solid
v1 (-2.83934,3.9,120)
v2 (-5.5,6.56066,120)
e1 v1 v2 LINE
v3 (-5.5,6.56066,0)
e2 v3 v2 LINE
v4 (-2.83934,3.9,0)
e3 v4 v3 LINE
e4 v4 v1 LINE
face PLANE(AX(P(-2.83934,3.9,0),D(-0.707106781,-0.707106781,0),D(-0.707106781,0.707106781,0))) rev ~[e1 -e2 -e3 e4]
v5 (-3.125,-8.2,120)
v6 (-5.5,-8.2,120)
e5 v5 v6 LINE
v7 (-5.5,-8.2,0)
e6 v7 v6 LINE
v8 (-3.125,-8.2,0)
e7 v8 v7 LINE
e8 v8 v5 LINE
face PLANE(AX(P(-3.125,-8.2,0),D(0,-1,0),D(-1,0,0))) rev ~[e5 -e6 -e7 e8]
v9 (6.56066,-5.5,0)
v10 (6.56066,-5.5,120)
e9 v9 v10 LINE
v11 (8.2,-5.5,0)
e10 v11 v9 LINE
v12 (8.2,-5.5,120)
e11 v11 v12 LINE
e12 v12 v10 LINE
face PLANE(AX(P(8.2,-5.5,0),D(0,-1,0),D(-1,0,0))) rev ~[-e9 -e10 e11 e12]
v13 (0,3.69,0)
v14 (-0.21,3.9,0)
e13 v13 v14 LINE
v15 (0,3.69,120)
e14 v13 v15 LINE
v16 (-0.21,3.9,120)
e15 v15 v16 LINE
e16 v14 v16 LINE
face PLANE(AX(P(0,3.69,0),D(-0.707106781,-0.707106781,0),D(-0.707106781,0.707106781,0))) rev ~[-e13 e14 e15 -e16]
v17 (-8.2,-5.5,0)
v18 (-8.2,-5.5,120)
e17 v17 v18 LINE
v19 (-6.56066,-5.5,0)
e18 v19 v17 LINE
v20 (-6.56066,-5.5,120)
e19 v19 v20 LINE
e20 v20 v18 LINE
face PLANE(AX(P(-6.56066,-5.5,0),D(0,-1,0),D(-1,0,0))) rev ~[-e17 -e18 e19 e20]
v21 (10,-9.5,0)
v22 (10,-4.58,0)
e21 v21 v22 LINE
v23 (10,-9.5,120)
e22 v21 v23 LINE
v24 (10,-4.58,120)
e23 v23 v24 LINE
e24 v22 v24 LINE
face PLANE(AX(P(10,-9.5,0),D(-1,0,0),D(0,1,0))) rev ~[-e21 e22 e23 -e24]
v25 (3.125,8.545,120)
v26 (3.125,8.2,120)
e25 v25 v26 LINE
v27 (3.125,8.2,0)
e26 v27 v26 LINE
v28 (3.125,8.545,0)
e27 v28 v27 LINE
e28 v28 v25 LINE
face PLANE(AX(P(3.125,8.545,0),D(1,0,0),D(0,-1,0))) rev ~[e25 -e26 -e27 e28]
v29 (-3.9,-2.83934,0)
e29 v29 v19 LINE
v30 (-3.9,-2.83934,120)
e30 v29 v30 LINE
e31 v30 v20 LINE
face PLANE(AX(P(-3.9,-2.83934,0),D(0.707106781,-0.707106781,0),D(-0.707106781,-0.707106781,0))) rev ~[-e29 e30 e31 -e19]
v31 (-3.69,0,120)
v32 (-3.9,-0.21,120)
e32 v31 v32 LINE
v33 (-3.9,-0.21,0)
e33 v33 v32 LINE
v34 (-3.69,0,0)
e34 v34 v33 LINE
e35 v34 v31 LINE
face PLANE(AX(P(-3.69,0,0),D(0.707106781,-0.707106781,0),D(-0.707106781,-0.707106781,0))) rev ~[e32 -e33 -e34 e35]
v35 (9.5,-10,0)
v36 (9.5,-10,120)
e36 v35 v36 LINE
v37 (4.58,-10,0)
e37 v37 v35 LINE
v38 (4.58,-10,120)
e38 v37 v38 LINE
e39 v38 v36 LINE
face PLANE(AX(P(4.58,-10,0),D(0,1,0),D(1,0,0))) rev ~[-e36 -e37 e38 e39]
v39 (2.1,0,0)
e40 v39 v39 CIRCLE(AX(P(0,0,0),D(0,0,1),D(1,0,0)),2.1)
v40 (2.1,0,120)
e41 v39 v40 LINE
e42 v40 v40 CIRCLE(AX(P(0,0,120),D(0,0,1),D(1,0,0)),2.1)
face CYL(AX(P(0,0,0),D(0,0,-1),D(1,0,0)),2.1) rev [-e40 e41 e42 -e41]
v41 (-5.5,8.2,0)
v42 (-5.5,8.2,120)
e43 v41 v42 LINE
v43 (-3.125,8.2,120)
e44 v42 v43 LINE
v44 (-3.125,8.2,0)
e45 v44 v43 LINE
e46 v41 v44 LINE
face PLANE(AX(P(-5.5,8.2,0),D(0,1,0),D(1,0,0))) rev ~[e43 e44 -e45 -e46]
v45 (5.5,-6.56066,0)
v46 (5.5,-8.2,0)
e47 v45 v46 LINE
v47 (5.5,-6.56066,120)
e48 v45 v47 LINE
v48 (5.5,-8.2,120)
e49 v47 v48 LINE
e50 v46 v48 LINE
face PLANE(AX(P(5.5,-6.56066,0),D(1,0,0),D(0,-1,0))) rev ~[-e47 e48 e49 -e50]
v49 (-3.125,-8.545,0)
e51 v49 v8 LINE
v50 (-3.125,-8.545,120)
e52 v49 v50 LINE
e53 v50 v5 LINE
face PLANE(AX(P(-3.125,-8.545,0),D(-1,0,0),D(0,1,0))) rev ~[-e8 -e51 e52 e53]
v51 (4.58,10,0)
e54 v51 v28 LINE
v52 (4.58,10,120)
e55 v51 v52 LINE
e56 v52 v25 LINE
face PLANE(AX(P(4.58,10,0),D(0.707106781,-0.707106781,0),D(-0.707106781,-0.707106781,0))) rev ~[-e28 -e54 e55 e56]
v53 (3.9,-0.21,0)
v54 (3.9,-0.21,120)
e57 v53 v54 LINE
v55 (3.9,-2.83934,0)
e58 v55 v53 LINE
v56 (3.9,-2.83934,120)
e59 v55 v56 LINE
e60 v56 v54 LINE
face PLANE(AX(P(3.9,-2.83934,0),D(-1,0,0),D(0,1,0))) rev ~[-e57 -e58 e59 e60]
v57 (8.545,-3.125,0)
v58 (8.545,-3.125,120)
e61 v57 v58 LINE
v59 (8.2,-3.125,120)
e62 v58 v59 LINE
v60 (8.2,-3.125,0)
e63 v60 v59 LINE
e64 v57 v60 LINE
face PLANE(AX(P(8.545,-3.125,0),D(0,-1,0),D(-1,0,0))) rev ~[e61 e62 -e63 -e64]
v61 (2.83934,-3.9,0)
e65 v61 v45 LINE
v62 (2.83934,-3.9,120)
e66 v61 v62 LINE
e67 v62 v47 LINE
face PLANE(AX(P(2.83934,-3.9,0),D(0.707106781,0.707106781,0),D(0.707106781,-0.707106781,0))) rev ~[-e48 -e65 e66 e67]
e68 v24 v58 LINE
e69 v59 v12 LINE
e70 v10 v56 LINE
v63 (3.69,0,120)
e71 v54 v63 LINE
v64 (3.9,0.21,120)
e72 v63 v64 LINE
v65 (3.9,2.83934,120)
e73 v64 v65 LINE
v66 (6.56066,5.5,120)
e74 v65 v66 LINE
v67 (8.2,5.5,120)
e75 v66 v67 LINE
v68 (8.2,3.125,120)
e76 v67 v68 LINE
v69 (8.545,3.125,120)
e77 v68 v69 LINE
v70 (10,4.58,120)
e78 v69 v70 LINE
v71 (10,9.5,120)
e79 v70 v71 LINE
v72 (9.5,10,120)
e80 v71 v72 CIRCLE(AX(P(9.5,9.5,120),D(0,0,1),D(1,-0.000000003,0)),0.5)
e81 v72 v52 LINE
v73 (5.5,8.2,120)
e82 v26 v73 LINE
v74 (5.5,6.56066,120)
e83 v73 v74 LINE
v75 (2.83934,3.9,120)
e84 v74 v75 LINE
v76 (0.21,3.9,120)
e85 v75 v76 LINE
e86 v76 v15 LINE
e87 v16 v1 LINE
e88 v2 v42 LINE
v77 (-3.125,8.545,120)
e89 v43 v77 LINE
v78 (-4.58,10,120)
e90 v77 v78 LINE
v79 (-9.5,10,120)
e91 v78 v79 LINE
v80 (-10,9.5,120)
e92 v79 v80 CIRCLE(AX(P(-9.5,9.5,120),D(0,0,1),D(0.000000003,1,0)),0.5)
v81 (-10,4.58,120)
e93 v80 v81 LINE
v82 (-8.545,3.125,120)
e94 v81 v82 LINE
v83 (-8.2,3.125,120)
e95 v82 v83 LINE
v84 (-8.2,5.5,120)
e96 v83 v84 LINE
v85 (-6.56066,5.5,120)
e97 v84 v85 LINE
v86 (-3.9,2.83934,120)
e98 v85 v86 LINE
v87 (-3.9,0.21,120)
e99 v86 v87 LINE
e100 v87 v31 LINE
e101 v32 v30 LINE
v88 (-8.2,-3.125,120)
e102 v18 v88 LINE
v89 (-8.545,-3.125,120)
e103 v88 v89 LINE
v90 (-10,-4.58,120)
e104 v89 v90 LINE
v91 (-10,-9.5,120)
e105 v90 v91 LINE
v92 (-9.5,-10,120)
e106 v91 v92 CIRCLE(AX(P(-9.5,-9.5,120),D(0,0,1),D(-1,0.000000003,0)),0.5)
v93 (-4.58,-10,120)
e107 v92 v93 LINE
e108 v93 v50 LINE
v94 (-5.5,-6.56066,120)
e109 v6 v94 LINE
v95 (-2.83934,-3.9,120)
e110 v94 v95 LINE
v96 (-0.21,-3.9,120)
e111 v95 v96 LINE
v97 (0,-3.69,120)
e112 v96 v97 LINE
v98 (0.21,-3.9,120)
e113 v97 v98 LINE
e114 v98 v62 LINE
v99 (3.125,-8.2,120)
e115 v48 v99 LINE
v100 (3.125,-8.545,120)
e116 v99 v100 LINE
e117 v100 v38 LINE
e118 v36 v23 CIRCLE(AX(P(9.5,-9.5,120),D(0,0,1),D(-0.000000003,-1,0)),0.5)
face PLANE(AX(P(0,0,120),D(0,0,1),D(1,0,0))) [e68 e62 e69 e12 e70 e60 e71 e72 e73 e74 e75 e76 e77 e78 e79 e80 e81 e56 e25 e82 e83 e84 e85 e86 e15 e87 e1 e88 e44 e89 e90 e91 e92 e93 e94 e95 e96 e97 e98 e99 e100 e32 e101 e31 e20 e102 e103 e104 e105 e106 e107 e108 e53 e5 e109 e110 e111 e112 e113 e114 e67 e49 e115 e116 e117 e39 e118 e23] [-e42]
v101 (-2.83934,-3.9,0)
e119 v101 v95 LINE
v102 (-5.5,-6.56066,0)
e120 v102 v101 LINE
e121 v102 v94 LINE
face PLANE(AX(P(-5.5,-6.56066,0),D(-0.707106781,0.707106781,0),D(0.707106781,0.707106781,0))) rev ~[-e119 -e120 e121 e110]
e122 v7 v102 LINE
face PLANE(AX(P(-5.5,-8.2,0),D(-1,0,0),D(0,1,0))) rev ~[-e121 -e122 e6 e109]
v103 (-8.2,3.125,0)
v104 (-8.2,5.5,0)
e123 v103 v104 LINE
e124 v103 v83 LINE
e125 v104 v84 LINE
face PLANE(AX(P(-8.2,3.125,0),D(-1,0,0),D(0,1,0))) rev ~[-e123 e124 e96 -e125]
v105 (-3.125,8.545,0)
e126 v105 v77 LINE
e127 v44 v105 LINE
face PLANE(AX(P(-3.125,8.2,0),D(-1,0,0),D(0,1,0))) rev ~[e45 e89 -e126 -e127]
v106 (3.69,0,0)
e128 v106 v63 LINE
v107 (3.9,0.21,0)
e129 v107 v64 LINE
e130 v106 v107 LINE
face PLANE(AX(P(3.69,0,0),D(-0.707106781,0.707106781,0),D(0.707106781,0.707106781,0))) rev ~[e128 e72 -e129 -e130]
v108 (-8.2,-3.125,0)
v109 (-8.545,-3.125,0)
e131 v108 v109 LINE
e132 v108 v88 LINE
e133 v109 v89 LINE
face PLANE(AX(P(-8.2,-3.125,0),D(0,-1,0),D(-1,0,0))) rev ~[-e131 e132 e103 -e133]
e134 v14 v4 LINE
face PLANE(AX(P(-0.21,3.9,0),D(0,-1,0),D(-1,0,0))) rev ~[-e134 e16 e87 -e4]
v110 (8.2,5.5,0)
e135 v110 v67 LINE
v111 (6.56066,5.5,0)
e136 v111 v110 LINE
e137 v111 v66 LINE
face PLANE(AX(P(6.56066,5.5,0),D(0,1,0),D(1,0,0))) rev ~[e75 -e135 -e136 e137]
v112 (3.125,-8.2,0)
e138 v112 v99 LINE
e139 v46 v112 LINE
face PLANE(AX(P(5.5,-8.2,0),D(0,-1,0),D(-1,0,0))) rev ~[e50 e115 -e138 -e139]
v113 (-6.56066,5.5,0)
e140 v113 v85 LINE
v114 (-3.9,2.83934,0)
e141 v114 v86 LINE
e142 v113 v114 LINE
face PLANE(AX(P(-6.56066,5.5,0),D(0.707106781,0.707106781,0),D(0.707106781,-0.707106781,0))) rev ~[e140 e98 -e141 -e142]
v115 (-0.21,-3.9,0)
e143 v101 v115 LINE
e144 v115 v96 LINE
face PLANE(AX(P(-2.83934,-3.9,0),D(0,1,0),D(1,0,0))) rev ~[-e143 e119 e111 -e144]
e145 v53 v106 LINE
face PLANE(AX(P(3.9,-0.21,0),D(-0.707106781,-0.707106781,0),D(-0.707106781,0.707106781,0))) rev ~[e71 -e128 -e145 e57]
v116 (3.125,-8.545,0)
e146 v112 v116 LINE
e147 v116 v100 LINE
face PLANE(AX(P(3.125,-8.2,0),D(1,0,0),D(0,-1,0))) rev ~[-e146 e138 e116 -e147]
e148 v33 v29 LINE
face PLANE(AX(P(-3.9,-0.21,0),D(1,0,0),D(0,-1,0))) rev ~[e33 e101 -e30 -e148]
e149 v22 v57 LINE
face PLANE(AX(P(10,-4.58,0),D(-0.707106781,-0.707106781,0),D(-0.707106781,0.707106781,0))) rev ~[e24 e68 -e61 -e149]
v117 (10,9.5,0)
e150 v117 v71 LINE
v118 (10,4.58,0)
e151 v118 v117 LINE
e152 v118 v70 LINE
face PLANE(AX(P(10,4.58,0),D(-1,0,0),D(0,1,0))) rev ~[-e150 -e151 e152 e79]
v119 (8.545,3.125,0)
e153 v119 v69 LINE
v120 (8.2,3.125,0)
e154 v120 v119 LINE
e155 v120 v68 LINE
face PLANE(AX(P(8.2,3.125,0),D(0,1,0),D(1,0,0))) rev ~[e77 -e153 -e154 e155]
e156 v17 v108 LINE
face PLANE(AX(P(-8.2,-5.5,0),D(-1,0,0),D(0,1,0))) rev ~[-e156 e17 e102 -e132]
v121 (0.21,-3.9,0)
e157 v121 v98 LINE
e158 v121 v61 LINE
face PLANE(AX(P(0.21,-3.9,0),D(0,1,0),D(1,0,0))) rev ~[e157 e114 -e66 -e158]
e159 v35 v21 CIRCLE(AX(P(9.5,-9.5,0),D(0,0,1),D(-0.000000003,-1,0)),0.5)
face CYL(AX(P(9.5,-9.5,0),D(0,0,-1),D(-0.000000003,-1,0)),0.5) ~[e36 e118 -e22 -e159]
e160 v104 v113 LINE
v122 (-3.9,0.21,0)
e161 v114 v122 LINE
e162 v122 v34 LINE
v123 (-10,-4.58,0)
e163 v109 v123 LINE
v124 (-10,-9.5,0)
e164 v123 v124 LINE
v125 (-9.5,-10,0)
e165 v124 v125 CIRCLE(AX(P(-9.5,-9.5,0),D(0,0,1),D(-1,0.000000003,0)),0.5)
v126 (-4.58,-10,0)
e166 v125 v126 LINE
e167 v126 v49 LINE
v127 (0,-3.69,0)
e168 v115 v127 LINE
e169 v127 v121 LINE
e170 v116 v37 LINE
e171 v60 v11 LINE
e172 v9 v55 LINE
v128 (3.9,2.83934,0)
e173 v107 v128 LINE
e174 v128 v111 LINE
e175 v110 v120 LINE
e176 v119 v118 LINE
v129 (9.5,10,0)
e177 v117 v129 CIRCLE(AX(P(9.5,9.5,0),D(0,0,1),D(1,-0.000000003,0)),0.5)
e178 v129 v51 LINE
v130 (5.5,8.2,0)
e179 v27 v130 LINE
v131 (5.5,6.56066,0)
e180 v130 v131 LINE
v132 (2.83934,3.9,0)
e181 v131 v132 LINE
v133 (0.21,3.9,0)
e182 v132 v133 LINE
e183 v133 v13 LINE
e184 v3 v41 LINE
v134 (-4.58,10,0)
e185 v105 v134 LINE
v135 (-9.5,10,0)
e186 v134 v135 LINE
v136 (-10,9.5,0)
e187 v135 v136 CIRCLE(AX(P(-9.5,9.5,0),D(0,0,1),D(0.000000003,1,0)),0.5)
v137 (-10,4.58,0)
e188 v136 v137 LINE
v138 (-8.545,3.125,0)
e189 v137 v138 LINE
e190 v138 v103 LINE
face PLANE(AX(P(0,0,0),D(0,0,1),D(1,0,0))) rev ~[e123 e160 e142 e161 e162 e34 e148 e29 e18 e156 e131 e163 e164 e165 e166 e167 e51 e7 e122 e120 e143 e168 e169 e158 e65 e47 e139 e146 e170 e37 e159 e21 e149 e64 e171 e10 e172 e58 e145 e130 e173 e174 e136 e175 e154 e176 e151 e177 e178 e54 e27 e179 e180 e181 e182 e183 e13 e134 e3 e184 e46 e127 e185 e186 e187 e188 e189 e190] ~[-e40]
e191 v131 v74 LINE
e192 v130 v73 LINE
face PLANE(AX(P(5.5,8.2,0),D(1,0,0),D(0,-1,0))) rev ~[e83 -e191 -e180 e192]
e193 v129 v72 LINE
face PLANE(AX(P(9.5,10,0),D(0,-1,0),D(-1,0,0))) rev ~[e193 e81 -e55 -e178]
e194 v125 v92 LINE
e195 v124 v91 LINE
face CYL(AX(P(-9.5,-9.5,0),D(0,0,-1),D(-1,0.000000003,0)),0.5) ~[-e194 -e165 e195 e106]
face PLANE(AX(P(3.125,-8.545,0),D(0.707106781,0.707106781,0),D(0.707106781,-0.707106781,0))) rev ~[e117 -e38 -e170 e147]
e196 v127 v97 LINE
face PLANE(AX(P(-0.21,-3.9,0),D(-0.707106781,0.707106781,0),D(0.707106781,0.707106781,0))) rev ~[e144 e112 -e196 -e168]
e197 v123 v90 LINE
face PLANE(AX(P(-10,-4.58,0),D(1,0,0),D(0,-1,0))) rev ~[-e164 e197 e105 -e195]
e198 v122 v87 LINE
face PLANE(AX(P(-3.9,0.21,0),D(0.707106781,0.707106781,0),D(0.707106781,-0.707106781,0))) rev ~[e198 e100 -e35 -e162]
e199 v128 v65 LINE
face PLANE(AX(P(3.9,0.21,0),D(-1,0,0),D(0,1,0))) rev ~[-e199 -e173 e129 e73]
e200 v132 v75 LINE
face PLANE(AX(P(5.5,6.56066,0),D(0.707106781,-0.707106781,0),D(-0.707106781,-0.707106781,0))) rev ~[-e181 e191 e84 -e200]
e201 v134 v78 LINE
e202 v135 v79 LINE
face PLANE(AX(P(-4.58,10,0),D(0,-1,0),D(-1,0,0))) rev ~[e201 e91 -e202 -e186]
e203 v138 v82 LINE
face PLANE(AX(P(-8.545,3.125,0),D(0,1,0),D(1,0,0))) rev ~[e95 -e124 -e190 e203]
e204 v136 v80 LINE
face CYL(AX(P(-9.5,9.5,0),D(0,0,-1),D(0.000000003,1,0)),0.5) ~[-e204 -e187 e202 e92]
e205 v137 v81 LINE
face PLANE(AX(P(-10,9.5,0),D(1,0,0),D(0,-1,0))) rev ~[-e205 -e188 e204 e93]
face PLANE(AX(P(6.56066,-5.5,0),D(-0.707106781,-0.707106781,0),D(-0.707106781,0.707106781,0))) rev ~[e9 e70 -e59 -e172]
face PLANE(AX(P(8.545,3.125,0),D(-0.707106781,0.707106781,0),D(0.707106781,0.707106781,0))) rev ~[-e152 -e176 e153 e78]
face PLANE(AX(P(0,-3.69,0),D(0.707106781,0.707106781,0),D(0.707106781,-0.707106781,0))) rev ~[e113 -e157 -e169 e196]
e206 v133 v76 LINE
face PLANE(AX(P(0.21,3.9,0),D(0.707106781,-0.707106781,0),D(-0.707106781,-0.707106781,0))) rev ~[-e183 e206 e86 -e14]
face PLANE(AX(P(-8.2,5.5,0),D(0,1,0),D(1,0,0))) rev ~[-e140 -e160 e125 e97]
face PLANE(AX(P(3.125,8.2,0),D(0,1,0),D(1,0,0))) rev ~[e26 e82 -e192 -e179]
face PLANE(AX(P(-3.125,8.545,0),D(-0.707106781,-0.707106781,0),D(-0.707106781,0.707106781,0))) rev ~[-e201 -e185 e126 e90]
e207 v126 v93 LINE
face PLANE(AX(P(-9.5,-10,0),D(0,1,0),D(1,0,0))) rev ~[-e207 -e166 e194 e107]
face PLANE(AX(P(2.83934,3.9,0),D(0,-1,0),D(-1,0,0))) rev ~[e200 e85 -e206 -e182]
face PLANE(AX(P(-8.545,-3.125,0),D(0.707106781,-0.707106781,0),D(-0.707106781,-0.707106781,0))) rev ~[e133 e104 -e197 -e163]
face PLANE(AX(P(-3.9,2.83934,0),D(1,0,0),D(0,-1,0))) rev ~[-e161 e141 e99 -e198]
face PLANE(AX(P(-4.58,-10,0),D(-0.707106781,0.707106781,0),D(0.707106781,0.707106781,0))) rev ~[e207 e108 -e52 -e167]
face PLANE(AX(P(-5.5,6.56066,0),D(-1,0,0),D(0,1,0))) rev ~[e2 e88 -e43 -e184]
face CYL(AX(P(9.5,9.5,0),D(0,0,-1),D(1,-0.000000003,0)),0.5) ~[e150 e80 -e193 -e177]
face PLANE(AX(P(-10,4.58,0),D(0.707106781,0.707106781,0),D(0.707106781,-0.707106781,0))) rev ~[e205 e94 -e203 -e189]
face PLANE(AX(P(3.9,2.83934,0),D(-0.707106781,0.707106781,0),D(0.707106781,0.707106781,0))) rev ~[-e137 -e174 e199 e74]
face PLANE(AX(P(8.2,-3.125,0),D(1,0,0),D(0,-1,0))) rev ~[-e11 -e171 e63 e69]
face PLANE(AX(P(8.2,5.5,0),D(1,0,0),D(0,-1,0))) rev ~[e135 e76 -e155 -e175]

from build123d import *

# Parameters (mm, degrees)
SKETCH1_R           = 2.1
BOSS_EXTRUDE1_DEPTH = 120


with BuildPart() as part:
    # Sketch1 → Boss-Extrude1 (new body)
    with BuildSketch(Plane.XY):
        with BuildLine():
            Line((4.58, -10), (9.5, -10))
            ThreePointArc((9.5, -10), (9.853553391, -9.853553391), (10, -9.5))
            Line((10, -9.5), (10, -4.58))
            Line((10, -4.58), (8.545, -3.125))
            Line((8.545, -3.125), (8.2, -3.125))
            Line((8.2, -3.125), (8.2, -5.5))
            Line((8.2, -5.5), (6.560660172, -5.5))
            Line((6.560660172, -5.5), (3.9, -2.839339828))
            Line((3.9, -2.839339828), (3.9, -0.21))
            Line((3.9, -0.21), (3.69, 0))
            Line((3.69, 0), (3.9, 0.21))
            Line((3.9, 0.21), (3.9, 2.839339828))
            Line((3.9, 2.839339828), (6.560660172, 5.5))
            Line((6.560660172, 5.5), (8.2, 5.5))
            Line((8.2, 5.5), (8.2, 3.125))
            Line((8.2, 3.125), (8.545, 3.125))
            Line((8.545, 3.125), (10, 4.58))
            Line((10, 4.58), (10, 9.5))
            ThreePointArc((10, 9.5), (9.853553391, 9.853553391), (9.5, 10))
            Line((9.5, 10), (4.58, 10))
            Line((4.58, 10), (3.125, 8.545))
            Line((3.125, 8.545), (3.125, 8.2))
            Line((3.125, 8.2), (5.5, 8.2))
            Line((5.5, 8.2), (5.5, 6.560660172))
            Line((5.5, 6.560660172), (2.839339828, 3.9))
            Line((2.839339828, 3.9), (0.21, 3.9))
            Line((0.21, 3.9), (0, 3.69))
            Line((0, 3.69), (-0.21, 3.9))
            Line((-0.21, 3.9), (-2.839339828, 3.9))
            Line((-2.839339828, 3.9), (-5.5, 6.560660172))
            Line((-5.5, 6.560660172), (-5.5, 8.2))
            Line((-5.5, 8.2), (-3.125, 8.2))
            Line((-3.125, 8.2), (-3.125, 8.545))
            Line((-3.125, 8.545), (-4.58, 10))
            Line((-4.58, 10), (-9.5, 10))
            ThreePointArc((-9.5, 10), (-9.853553391, 9.853553391), (-10, 9.5))
            Line((-10, 9.5), (-10, 4.58))
            Line((-10, 4.58), (-8.545, 3.125))
            Line((-8.545, 3.125), (-8.2, 3.125))
            Line((-8.2, 3.125), (-8.2, 5.5))
            Line((-8.2, 5.5), (-6.560660172, 5.5))
            Line((-6.560660172, 5.5), (-3.9, 2.839339828))
            Line((-3.9, 2.839339828), (-3.9, 0.21))
            Line((-3.9, 0.21), (-3.69, 0))
            Line((-3.69, 0), (-3.9, -0.21))
            Line((-3.9, -0.21), (-3.9, -2.839339828))
            Line((-3.9, -2.839339828), (-6.560660172, -5.5))
            Line((-6.560660172, -5.5), (-8.2, -5.5))
            Line((-8.2, -5.5), (-8.2, -3.125))
            Line((-8.2, -3.125), (-8.545, -3.125))
            Line((-8.545, -3.125), (-10, -4.58))
            Line((-10, -4.58), (-10, -9.5))
            ThreePointArc((-10, -9.5), (-9.853553391, -9.853553391), (-9.5, -10))
            Line((-9.5, -10), (-4.58, -10))
            Line((-4.58, -10), (-3.125, -8.545))
            Line((-3.125, -8.545), (-3.125, -8.2))
            Line((-3.125, -8.2), (-5.5, -8.2))
            Line((-5.5, -8.2), (-5.5, -6.560660172))
            Line((-5.5, -6.560660172), (-2.839339828, -3.9))
            Line((-2.839339828, -3.9), (-0.21, -3.9))
            Line((-0.21, -3.9), (0, -3.69))
            Line((0, -3.69), (0.21, -3.9))
            Line((0.21, -3.9), (2.839339828, -3.9))
            Line((2.839339828, -3.9), (5.5, -6.560660172))
            Line((5.5, -6.560660172), (5.5, -8.2))
            Line((5.5, -8.2), (3.125, -8.2))
            Line((3.125, -8.2), (3.125, -8.545))
            Line((3.125, -8.545), (4.58, -10))
        make_face()
        Circle(SKETCH1_R, mode=Mode.SUBTRACT)
    extrude(amount=BOSS_EXTRUDE1_DEPTH)


solid = part.part
